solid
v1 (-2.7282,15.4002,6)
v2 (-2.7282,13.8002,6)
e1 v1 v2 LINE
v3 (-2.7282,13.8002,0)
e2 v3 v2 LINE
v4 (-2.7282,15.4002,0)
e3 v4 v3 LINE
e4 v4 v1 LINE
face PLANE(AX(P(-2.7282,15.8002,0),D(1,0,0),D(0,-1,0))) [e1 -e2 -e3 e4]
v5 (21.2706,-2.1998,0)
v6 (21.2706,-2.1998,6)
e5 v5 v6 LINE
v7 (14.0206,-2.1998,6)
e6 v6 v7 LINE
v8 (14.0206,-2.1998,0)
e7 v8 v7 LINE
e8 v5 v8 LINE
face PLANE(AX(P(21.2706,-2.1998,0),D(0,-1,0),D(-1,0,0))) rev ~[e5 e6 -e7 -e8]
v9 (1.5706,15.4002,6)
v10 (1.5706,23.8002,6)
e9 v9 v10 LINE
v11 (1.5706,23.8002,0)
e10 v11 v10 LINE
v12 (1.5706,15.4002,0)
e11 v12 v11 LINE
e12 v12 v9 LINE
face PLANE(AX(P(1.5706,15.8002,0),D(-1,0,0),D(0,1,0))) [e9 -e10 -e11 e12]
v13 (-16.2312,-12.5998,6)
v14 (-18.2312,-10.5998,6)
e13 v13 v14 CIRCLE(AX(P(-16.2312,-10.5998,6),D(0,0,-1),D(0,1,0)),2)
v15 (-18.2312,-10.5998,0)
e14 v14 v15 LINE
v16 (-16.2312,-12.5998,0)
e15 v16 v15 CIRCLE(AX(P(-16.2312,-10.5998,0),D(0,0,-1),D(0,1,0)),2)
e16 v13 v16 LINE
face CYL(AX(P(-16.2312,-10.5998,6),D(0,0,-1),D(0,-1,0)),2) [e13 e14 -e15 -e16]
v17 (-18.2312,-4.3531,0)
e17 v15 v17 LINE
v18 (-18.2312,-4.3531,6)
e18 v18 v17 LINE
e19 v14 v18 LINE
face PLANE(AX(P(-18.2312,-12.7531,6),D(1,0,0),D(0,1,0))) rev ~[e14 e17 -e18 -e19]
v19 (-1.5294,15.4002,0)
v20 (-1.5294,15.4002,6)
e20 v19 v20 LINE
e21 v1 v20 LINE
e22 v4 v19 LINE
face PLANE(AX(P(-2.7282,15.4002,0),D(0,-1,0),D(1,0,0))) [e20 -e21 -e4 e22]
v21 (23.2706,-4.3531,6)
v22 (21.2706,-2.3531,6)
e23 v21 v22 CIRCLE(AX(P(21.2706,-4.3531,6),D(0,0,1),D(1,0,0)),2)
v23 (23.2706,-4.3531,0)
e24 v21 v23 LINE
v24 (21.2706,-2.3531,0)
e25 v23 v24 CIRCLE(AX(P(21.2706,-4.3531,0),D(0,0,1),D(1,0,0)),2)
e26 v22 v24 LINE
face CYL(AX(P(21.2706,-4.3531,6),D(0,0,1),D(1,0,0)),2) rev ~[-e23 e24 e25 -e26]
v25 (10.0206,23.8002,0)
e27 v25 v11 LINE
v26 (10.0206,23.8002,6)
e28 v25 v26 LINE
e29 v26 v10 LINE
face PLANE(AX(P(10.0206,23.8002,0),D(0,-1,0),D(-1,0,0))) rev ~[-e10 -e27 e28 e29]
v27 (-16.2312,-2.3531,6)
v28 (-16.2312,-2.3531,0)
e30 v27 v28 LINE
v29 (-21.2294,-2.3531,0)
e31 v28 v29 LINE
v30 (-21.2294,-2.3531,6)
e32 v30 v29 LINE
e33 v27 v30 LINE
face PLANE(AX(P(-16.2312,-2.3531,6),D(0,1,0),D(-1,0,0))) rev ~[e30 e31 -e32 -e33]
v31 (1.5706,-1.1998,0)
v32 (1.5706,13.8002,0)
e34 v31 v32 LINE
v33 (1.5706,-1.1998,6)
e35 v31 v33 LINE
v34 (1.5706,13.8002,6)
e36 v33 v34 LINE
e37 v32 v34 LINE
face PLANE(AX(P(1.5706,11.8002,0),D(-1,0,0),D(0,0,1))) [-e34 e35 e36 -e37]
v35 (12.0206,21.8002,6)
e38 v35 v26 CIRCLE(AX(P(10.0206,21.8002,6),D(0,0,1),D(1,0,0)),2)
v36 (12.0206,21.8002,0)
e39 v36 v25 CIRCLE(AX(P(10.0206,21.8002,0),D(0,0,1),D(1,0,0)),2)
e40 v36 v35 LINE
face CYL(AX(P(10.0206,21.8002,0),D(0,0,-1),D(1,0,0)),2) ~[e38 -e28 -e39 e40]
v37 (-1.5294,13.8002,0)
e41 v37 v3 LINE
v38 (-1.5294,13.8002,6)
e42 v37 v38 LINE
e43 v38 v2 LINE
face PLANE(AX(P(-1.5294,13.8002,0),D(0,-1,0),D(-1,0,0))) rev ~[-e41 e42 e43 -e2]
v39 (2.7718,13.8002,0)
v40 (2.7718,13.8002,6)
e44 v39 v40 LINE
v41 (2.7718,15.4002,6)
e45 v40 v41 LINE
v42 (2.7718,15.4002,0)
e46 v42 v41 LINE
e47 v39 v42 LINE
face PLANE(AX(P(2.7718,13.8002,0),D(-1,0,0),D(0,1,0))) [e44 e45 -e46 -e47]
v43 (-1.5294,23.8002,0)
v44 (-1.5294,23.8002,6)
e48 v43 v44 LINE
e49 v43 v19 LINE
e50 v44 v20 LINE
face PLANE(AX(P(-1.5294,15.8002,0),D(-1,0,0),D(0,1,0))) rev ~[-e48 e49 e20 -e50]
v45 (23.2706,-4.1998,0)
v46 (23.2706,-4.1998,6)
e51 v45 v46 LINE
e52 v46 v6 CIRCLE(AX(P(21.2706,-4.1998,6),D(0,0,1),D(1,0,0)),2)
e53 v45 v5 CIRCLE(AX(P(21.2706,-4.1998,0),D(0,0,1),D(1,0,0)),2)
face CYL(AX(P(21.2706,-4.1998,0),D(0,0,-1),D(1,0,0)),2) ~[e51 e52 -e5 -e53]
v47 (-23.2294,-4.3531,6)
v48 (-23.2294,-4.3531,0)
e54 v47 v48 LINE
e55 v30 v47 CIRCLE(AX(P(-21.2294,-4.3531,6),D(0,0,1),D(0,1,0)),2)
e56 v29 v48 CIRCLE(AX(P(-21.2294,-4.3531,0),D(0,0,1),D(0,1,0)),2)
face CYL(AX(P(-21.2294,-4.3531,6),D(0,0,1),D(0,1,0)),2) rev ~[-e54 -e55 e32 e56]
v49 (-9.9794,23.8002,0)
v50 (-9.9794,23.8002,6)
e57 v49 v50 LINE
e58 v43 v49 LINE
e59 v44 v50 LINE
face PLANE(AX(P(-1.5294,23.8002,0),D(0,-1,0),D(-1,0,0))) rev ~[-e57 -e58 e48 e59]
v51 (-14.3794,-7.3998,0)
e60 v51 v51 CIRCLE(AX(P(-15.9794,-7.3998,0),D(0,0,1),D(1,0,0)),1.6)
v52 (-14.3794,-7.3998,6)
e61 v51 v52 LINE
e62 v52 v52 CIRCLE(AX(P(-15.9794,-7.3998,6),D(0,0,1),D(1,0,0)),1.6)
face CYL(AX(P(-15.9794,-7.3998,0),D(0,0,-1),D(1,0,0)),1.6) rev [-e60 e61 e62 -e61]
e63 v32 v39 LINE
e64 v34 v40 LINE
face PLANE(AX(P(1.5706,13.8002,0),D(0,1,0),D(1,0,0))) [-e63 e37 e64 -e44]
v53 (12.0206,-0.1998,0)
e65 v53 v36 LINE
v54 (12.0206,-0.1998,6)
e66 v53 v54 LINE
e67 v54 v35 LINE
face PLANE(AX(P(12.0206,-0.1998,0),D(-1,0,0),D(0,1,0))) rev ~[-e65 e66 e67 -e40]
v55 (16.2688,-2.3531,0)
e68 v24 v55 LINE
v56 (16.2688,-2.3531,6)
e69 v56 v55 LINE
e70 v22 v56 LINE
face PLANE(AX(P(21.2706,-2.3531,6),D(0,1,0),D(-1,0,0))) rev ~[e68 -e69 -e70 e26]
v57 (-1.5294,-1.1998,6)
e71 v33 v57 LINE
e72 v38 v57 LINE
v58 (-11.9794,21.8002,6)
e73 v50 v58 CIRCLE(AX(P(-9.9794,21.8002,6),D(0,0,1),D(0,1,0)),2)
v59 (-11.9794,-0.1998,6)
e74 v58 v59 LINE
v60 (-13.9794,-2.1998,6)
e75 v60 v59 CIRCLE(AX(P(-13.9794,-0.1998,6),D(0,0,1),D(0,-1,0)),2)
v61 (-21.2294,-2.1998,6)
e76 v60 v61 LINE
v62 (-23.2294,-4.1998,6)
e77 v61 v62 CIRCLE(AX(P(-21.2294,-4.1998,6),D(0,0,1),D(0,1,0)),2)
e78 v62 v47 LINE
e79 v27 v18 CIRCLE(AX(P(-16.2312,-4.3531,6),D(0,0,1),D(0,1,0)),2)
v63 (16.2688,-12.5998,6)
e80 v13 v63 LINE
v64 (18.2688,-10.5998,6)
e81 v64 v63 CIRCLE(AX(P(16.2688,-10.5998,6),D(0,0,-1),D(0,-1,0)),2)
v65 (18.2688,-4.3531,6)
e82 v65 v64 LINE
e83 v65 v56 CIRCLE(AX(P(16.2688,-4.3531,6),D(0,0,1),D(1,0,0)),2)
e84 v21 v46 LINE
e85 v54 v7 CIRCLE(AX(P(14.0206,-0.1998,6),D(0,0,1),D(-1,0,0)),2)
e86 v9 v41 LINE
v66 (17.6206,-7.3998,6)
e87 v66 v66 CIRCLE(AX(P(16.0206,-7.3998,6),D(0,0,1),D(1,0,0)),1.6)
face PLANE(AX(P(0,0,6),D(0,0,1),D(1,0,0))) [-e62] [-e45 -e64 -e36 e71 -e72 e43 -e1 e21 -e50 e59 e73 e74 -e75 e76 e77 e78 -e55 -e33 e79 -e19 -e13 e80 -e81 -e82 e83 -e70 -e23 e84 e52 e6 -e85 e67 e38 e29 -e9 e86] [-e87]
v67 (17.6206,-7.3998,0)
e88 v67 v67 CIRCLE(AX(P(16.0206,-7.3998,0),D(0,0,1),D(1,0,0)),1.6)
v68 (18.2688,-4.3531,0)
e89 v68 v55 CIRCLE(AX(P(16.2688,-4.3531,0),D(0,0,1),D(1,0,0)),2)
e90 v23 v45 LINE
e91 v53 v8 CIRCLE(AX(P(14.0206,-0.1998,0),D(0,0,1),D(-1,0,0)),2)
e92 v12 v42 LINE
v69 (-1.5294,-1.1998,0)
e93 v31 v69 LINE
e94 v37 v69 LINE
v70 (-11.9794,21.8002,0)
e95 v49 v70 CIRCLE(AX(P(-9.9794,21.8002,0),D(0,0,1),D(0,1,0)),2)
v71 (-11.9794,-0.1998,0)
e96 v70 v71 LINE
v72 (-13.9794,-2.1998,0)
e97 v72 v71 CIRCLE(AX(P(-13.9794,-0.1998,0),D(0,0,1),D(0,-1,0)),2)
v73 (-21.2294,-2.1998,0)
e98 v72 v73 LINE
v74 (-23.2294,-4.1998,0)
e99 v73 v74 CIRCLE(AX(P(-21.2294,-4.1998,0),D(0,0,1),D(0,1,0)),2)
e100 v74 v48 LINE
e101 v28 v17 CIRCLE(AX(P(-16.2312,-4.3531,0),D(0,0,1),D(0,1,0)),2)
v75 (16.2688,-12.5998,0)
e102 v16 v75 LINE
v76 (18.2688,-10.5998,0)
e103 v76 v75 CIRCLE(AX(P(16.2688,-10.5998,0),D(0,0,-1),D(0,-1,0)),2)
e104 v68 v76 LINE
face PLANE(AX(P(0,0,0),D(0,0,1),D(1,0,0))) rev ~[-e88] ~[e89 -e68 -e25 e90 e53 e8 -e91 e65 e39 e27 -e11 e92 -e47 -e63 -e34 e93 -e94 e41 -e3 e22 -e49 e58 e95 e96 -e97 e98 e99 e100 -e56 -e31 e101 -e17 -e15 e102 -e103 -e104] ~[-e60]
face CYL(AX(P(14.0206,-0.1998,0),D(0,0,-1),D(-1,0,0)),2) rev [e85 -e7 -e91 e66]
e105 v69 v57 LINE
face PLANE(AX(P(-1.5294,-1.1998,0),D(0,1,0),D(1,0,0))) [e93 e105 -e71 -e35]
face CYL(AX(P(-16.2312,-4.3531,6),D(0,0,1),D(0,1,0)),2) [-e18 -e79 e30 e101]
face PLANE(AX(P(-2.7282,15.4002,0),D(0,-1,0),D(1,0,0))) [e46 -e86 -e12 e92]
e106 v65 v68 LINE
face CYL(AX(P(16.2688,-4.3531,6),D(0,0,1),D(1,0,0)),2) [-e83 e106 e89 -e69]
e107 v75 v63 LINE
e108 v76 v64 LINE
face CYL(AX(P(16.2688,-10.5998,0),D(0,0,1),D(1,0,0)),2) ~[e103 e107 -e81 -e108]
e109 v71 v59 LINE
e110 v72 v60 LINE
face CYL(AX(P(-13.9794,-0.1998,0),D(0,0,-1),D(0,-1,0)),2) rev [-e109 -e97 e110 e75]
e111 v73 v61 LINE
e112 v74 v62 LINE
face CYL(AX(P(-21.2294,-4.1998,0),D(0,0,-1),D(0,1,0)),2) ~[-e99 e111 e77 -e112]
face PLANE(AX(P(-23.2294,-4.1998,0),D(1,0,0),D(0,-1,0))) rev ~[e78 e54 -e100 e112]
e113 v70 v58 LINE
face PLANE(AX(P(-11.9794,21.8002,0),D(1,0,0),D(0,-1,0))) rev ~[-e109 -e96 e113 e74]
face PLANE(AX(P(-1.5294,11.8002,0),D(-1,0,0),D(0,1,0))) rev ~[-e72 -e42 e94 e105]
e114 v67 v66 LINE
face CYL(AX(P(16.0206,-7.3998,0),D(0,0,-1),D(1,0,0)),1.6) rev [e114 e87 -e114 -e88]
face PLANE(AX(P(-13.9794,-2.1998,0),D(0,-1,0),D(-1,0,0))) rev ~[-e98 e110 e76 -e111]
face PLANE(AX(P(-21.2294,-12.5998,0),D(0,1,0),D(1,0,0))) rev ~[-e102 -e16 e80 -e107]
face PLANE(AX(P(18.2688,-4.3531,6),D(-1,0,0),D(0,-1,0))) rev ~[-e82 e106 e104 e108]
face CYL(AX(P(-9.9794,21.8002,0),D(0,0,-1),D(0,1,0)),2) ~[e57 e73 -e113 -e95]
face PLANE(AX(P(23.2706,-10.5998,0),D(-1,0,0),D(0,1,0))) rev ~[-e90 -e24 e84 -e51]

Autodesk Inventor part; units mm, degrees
ref_plane "YZ Plane" through (0, 0, 0) normal (1, 0, 0) x (0, 1, 0)
ref_plane "XZ Plane" through (0, 0, 0) normal (0, 1, 0) x (-1, 0, 0)
ref_plane "XY Plane" through (0, 0, 0) normal (0, 0, 1) x (1, 0, 0)
sketch "Sketch1" plane through (0, 0, 0) normal (0, 0, 1) x (1, 0, 0)
  line L0 (-21.2294, -12.5998) -> (21.2706, -12.5998)
  line L1 (23.2706, -10.5998) -> (23.2706, -4.1998)
  line L2 (-23.2294, -4.1998) -> (-23.2294, -10.5998)
  line L3 (12.0206, -0.1998) -> (12.0206, 21.8002)
  line L4 (10.0206, 23.8002) -> (-9.9794, 23.8002)
  line L5 (-11.9794, 21.8002) -> (-11.9794, -0.1998)
  circle A0 centre (16.0206, -7.3998) radius 1.6
  circle A1 centre (-15.9794, -7.3998) radius 1.6
  line L6 (21.2706, -2.1998) -> (14.0206, -2.1998)
  line L7 (-13.9794, -2.1998) -> (-21.2294, -2.1998)
  line L8 (0.0206, 11.8002) -> (-1.5294, 11.8002)
  line L9 (-1.5294, 11.8002) -> (1.5706, 11.8002)
  line L10 (-1.5294, 11.8002) -> (-1.5294, 13.8002)
  line L11 (-1.5294, 13.8002) -> (-2.7282, 13.8002)
  line L12 (2.7718, 13.8002) -> (2.7718, 15.8002)
  line L13 (-2.7282, 15.8002) -> (-2.7282, 13.8002)
  line L14 (-2.7282, 15.8002) -> (-1.5294, 15.8002)
  line L15 (0.0206, 15.8002) -> (0.0218, 15.8002)
  line L16 (2.7718, 15.8002) -> (1.5706, 15.8002)
  line L17 (-1.5294, 15.8002) -> (-2.7282, 15.8002)
  line L18 (-1.5294, 11.8002) -> (-1.5294, 13.8002)
  line L19 (-1.5294, 15.8002) -> (-1.5294, 23.8002)
  line L20 (-2.7282, 13.8002) -> (-1.5294, 13.8002)
  line L21 (1.5706, 13.8002) -> (2.7718, 13.8002)
  line L22 (1.5706, 11.8002) -> (1.5706, 13.8002)
  line L23 (1.5706, 15.8002) -> (1.5706, 23.8002)
  arc A2 (23.2706, -4.1998) -> (21.2706, -2.1998) centre (21.2706, -4.1998) ccw
  arc A3 (21.2706, -12.5998) -> (23.2706, -10.5998) centre (21.2706, -10.5998) ccw
  arc A4 (-23.2294, -10.5998) -> (-21.2294, -12.5998) centre (-21.2294, -10.5998) ccw
  arc A5 (-21.2294, -2.1998) -> (-23.2294, -4.1998) centre (-21.2294, -4.1998) ccw
  arc A6 (-13.9794, -2.1998) -> (-11.9794, -0.1998) centre (-13.9794, -0.1998) ccw
  arc A7 (12.0206, -0.1998) -> (14.0206, -2.1998) centre (14.0206, -0.1998) ccw
  arc A8 (-9.9794, 23.8002) -> (-11.9794, 21.8002) centre (-9.9794, 21.8002) ccw
  arc A9 (12.0206, 21.8002) -> (10.0206, 23.8002) centre (10.0206, 21.8002) ccw
  point P0 (0, 0)
  point P1 (0, 0)
  point P2 (12.0206, 23.8002)
  point P3 (-11.9794, 23.8002)
  dimension "d0" = 24
  dimension "d1" = 3.2
  dimension "d2" = 3.2
  dimension "d3" = 2
extrude "Extrusion1" add sketch "Sketch1" along normal blind 6 contours A4 L2 A5 L7 A6 L5 A8 L4 L19 L14 L13 L11 L10 L8 L9 L22 L21 L12 L16 L23 A9 L3 A7 L6 A2 L1 A3 L0
sketch "Sketch2" plane through (0, 0, 6) normal (0, 0, 1) x (1, 0, 0)
  circle A0 centre (-6.9812, 28.6469) radius 1.6
  circle A1 centre (7.0188, 28.6469) radius 1.6
  circle A2 centre (-17.6062, 13.3479) radius 1.6
  circle A3 centre (17.6438, 13.3479) radius 1.6
  line L0 (-23.2312, 26.8921) -> (-23.2312, -30.3531)
  arc A4 (-23.2312, -30.3531) -> (-21.2312, -32.3531) centre (-21.2312, -30.3531) ccw
  line L1 (-21.2312, -32.3531) -> (-7.8931, -32.3531)
  arc A5 (21.2688, -32.3531) -> (23.2688, -30.3531) centre (21.2688, -30.3531) ccw
  line L2 (23.2688, -30.3531) -> (23.2688, 26.8921)
  arc A6 (23.2688, 26.8921) -> (21.8599, 27.8047) centre (22.2688, 26.8921) ccw
  arc A7 (12.0188, 33.6469) -> (21.8599, 27.8047) centre (18.9975, 34.1927) ccw
  line L3 (12.0188, 33.6469) -> (12.0188, 39.5469)
  arc A8 (12.0188, 39.5469) -> (10.0188, 41.5469) centre (10.0188, 39.5469) ccw
  line L4 (10.0188, 41.5469) -> (2.5188, 41.5469)
  arc A9 (2.5188, 41.5469) -> (1.5188, 40.5469) centre (2.5188, 40.5469) ccw
  line L5 (1.5188, 40.5469) -> (1.5188, 36.5469)
  line L6 (1.5188, 36.5469) -> (2.7688, 36.5469)
  line L7 (2.7688, 36.5469) -> (2.7688, 33.6469)
  line L8 (2.7688, 33.6469) -> (1.5688, 33.6469)
  line L9 (1.5688, 33.6469) -> (1.5688, 23.6469)
  line L10 (1.5688, 23.6469) -> (10.0188, 23.6469)
  arc A10 (12.0188, 21.6469) -> (10.0188, 23.6469) centre (10.0188, 21.6469) ccw
  line L11 (12.0188, 21.6469) -> (12.0188, -0.3531)
  arc A11 (12.0188, -0.3531) -> (14.0188, -2.3531) centre (14.0188, -0.3531) ccw
  line L12 (14.0206, -2.3531) -> (16.2688, -2.3531)
  arc A12 (18.2688, -4.3531) -> (16.2688, -2.3531) centre (16.2688, -4.3531) ccw
  line L13 (18.2688, -4.3531) -> (18.2688, -21.3531)
  arc A13 (16.2688, -23.3531) -> (18.2688, -21.3531) centre (16.2688, -21.3531) ccw
  line L14 (16.2688, -23.3531) -> (-16.2312, -23.3531)
  arc A14 (-18.2312, -21.3531) -> (-16.2312, -23.3531) centre (-16.2312, -21.3531) ccw
  line L15 (-18.2312, -21.3531) -> (-18.2312, -4.3531)
  arc A15 (-16.2312, -2.3531) -> (-18.2312, -4.3531) centre (-16.2312, -4.3531) ccw
  line L16 (-16.2312, -2.3531) -> (-13.9794, -2.3531)
  arc A16 (-13.9794, -2.3531) -> (-11.9812, -0.5065) centre (-13.9753, -0.3531) ccw
  line L17 (-11.9812, -0.5065) -> (-11.9812, 21.4935)
  arc A17 (-9.9812, 23.4935) -> (-11.9812, 21.4935) centre (-9.9812, 21.4935) ccw
  line L18 (-9.9812, 23.4935) -> (-1.5312, 23.4935)
  line L19 (-1.5312, 23.4935) -> (-1.5312, 33.4935)
  line L20 (-1.5312, 33.4935) -> (-2.7312, 33.4935)
  line L21 (-2.7312, 33.4935) -> (-2.7312, 36.3935)
  line L22 (-2.7312, 36.3935) -> (-1.4812, 36.3935)
  line L23 (-1.4812, 36.3935) -> (-1.4812, 40.5469)
  arc A18 (-1.4812, 40.5469) -> (-2.4812, 41.5469) centre (-2.4812, 40.5469) ccw
  line L24 (-2.4812, 41.5469) -> (-9.9812, 41.5469)
  arc A19 (-9.9812, 41.5469) -> (-11.9812, 39.5469) centre (-9.9812, 39.5469) ccw
  line L25 (-11.9812, 39.5469) -> (-11.9812, 33.6469)
  arc A20 (-21.8223, 27.8047) -> (-11.9812, 33.6469) centre (-18.9599, 34.1927) ccw
  arc A21 (-21.8223, 27.8047) -> (-23.2312, 26.8921) centre (-22.2312, 26.8921) ccw
  line L26 (-13.9794, -2.3531) -> (-21.2294, -2.3531)
  arc A22 (-21.2294, -2.3531) -> (-23.2294, -4.3531) centre (-21.2294, -4.3531) ccw
  line L27 (-23.2294, -4.3531) -> (-23.2294, -10.7531)
  arc A23 (-23.2294, -10.7531) -> (-21.2294, -12.7531) centre (-21.2294, -10.7531) ccw
  line L28 (-21.2294, -12.7531) -> (21.2706, -12.7531)
  line L29 (21.2706, -2.3531) -> (14.0206, -2.3531)
  arc A24 (23.2706, -4.3531) -> (21.2706, -2.3531) centre (21.2706, -4.3531) ccw
  line L30 (23.2706, -10.7531) -> (23.2706, -4.3531)
  arc A25 (21.2706, -12.7531) -> (23.2706, -10.7531) centre (21.2706, -10.7531) ccw
  arc A26 (5.9613, -30.7014) -> (7.9307, -32.3531) centre (7.9307, -30.3531) ccw
  line L31 (7.9307, -32.3531) -> (21.2688, -32.3531)
  arc A27 (-7.8931, -32.3531) -> (-5.9236, -30.7014) centre (-7.8931, -30.3531) ccw
  arc A28 (5.9613, -30.7014) -> (-5.9236, -30.7014) centre (0.0188, -31.7522) ccw
  point P0 (0, 0)
  point P1 (-18.2312, -12.7531)
  point P2 (18.2688, -12.7531)
extrude "Extrusion2" cut sketch "Sketch2" against normal blind 6 contours A22 L26 A15 L15 L28 A23 L0 | L13 A12 L29 A24 L2 A25 L28
fillet "Fillet1" radius 2 2 edges at (18.2688, -12.5998, 3) (-18.2312, -12.5998, 3)
sketch "Sketch4" plane through (-1.5294, 11.8002, 0) normal (0, 1, 0) x (1, 0, 0)
  line L0 (3.1, 0) -> (0, 0) projected
  line L1 (0, 0) -> (0, -6) projected
  line L2 (3.1, -6) -> (0, -6) projected
  line L3 (3.1, 0) -> (3.1, -6) projected
  point P0 (1.5294, 0)
extrude "Extrusion3" cut sketch "Sketch4" against normal blind 13
sketch "Sketch5" plane through (-2.7282, 15.8002, 0) normal (0, -1, 0) x (1, 0, 0)
  line L0 (0, 0) -> (1.1988, 0) projected
  line L1 (1.1988, 0) -> (1.1988, 6) projected
  line L2 (0, 6) -> (1.1988, 6) projected
  line L3 (0, 0) -> (0, 6) projected
  line L4 (4.2988, 0) -> (5.5, 0) projected
  line L5 (5.5, 0) -> (5.5, 6) projected
  line L6 (4.2988, 6) -> (5.5, 6) projected
  line L7 (4.2988, 0) -> (4.2988, 6) projected
  point P0 (2.7282, 0)
extrude "Extrusion4" add sketch "Sketch5" along normal blind 0.4
sketch "Sketch6" plane through (0, 0, 6) normal (0, 0, 1) x (1, 0, 0)
  line L0 (22.9743, 18.6641) -> (86.0826, 18.6641) construction
  line L1 (86.0826, 18.6641) -> (86.0826, -0.0954) construction
  line L2 (86.0826, -0.0954) -> (22.9743, -0.0954) construction
  line L3 (22.9743, -0.0954) -> (22.9743, 18.6641) construction
  point P0 (0, 0)
extrude "Extrusion5" [suppressed]
properties part number "Hotend Slide Part 1"
